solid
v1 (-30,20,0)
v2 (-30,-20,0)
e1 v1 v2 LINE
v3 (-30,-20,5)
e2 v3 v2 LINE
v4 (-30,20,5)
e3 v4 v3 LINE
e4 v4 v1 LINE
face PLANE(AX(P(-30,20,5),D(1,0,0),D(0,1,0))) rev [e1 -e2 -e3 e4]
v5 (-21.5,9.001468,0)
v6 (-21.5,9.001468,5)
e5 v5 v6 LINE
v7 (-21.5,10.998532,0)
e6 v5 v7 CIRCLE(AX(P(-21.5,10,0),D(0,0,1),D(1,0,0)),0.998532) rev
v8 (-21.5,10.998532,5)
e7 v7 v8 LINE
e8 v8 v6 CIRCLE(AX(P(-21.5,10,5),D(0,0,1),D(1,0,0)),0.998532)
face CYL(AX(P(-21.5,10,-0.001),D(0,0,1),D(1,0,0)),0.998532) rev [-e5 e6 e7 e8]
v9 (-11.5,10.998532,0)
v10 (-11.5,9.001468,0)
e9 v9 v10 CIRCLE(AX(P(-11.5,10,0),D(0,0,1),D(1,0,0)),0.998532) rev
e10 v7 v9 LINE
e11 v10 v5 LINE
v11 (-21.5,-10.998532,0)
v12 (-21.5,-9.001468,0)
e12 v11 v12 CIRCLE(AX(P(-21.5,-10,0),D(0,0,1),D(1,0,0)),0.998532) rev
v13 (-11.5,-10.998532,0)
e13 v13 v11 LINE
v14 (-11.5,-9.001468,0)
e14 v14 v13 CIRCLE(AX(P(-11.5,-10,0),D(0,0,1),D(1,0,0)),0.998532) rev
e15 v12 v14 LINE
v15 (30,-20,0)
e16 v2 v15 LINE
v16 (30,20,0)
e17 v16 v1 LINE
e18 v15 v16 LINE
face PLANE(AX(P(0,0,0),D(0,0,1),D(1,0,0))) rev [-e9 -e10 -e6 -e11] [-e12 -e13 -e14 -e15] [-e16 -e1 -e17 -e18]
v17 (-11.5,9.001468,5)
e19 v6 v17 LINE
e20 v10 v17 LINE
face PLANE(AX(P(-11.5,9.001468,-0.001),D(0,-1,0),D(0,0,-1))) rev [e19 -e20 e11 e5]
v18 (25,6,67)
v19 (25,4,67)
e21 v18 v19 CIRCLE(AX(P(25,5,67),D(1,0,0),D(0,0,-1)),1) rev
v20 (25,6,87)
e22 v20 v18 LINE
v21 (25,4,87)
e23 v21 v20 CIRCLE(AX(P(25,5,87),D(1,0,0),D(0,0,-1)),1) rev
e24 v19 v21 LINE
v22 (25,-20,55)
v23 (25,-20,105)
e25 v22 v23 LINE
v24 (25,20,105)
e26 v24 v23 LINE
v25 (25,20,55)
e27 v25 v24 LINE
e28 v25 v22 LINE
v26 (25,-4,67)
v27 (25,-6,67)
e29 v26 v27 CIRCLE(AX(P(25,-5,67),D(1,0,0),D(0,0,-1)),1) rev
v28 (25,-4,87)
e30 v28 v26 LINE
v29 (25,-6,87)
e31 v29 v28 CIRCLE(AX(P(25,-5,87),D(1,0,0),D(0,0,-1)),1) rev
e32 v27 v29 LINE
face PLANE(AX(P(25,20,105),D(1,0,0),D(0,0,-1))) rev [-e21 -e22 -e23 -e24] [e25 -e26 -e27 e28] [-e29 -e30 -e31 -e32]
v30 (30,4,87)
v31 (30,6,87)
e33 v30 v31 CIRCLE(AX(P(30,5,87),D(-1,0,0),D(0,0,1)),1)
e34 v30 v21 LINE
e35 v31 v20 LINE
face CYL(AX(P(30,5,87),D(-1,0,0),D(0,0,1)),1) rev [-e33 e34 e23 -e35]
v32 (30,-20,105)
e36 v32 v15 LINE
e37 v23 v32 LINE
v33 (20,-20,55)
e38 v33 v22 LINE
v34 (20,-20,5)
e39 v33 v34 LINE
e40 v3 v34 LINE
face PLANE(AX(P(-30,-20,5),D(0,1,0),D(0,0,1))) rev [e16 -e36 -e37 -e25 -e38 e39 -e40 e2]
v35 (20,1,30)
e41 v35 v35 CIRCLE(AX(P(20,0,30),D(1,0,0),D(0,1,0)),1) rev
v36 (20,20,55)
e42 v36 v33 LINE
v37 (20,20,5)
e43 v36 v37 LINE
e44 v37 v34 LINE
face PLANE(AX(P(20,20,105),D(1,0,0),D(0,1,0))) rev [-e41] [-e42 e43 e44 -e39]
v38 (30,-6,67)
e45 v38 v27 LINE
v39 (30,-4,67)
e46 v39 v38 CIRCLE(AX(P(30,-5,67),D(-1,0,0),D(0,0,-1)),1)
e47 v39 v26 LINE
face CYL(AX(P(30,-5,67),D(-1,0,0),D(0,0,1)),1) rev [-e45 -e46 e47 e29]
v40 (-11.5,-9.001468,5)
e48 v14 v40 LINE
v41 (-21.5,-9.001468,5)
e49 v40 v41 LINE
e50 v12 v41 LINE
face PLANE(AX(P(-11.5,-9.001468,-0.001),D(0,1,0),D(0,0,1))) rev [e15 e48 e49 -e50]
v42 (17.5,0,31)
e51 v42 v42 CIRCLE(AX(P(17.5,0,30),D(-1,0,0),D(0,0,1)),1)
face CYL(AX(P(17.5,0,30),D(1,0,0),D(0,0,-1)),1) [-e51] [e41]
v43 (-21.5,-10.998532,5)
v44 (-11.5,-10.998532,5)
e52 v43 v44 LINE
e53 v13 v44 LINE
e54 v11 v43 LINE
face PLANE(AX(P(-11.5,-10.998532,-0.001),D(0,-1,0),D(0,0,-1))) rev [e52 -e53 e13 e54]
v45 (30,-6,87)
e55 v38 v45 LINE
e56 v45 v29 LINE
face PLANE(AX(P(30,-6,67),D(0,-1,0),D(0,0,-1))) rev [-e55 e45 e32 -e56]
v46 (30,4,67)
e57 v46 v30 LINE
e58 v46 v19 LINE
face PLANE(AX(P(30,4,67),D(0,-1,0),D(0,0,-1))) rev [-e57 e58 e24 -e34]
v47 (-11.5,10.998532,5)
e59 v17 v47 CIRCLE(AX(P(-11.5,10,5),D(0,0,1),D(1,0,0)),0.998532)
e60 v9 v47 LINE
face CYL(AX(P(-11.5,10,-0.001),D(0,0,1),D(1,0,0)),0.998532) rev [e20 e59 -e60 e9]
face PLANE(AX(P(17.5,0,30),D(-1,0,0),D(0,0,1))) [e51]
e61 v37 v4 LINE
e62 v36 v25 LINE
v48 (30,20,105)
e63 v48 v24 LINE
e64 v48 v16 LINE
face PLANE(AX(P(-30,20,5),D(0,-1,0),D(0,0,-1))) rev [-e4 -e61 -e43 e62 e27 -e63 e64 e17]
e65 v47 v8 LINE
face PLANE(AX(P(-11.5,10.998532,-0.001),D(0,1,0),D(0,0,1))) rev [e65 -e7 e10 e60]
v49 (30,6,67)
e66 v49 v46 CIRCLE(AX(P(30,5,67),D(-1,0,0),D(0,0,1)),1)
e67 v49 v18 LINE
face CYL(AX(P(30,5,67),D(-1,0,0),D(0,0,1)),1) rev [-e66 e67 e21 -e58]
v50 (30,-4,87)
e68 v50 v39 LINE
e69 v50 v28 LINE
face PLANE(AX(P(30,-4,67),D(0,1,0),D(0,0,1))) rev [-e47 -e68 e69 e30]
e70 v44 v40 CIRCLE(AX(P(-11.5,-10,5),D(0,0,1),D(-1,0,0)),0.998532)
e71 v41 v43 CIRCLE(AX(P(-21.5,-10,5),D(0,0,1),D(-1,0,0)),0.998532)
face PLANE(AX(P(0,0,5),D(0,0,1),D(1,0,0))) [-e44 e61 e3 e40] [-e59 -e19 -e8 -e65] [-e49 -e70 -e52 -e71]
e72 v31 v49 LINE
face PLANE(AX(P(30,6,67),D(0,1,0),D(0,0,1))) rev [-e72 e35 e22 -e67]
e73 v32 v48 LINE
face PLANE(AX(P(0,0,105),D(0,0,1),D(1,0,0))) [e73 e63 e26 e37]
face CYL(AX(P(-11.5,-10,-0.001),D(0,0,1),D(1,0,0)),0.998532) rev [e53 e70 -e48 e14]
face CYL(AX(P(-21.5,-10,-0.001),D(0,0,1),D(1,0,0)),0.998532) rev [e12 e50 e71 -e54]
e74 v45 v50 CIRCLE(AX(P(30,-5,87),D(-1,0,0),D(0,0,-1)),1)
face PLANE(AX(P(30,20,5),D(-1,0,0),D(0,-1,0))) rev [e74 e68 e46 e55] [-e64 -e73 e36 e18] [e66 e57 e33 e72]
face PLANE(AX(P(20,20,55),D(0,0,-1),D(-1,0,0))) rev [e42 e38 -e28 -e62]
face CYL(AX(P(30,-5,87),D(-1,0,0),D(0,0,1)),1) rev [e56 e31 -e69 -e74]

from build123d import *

# Parameters (mm, degrees)
SKETCH_1_W          = 60
SKETCH_1_H          = 40
EXTRUDE_1_DEPTH     = 5
SKETCH_2_W          = 10
SKETCH_2_H          = 40
EXTRUDE_2_DEPTH     = 100
SKETCH_3_R          = 1
EXTRUDE_3_DEPTH     = 2.5
CUT_EXTRUDE_1_DEPTH = 11
SKETCH_5_W          = 5
SKETCH_5_H          = 50
CUT_EXTRUDE_2_DEPTH = 41
CUT_EXTRUDE_3_REACH = 7


with BuildPart() as part:
    # 草图1 → 凸台-拉伸1 (new body)
    with BuildSketch(Plane.XY):
        Rectangle(SKETCH_1_W, SKETCH_1_H)
    extrude(amount=EXTRUDE_1_DEPTH)

    # 草图2 → 凸台-拉伸2 (add)
    with BuildSketch(Plane.XY.offset(5)):
        with Locations((25, 0)):
            Rectangle(SKETCH_2_W, SKETCH_2_H)
    extrude(amount=EXTRUDE_2_DEPTH)

    # 草图3 → 凸台-拉伸3 (add)
    with BuildSketch(Plane.ZY.offset(-20)):
        with Locations((30, 0)):
            Circle(SKETCH_3_R)
    extrude(amount=EXTRUDE_3_DEPTH)

    # 草图4 → 切除-拉伸1 (cut, through all)
    with BuildSketch(Plane.ZY.offset(-20)):
        with BuildLine():
            Line((67, 6), (87, 6))
            ThreePointArc((87, 6), (88, 5), (87, 4))
            Line((87, 4), (67, 4))
            ThreePointArc((67, 4), (66, 5), (67, 6))
        make_face()
        with BuildLine():
            Line((67, -6), (87, -6))
            ThreePointArc((87, -6), (88, -5), (87, -4))
            Line((87, -4), (67, -4))
            ThreePointArc((67, -4), (66, -5), (67, -6))
        make_face()
    extrude(amount=-CUT_EXTRUDE_1_DEPTH, mode=Mode.SUBTRACT)

    # 草图5 → 切除-拉伸2 (cut, through all)
    with BuildSketch(Plane.XZ.offset(20)):
        with Locations((22.5, 80)):
            Rectangle(SKETCH_5_W, SKETCH_5_H)
    extrude(amount=-CUT_EXTRUDE_2_DEPTH, mode=Mode.SUBTRACT)

    # 草图6 → 切除-拉伸3 (cut, up to next)
    with BuildSketch(Plane.XY.offset(5), mode=Mode.PRIVATE) as cut_extrude_3_sk1:
        with BuildLine():
            Line((-11.5, 9.001468336), (-21.5, 9.001468336))
            ThreePointArc((-21.5, 9.001468336), (-22.498531664, 10), (-21.5, 10.998531664))
            Line((-21.5, 10.998531664), (-11.5, 10.998531664))
            ThreePointArc((-11.5, 10.998531664), (-10.501468336, 10), (-11.5, 9.001468336))
        make_face()
    cut_extrude_3_tool1 = extrude(cut_extrude_3_sk1.sketch, amount=-CUT_EXTRUDE_3_REACH, mode=Mode.PRIVATE) & part.part
    add(cut_extrude_3_tool1.solids().sort_by_distance((-16.5, 10, 5))[0], mode=Mode.SUBTRACT)
    # 草图6 → 切除-拉伸3 (cut, up to next)
    with BuildSketch(Plane.XY.offset(5), mode=Mode.PRIVATE) as cut_extrude_3_sk2:
        with BuildLine():
            Line((-11.5, -9.001468336), (-21.5, -9.001468336))
            ThreePointArc((-21.5, -9.001468336), (-22.498531664, -10), (-21.5, -10.998531664))
            Line((-21.5, -10.998531664), (-11.5, -10.998531664))
            ThreePointArc((-11.5, -10.998531664), (-10.501468336, -10), (-11.5, -9.001468336))
        make_face()
    cut_extrude_3_tool2 = extrude(cut_extrude_3_sk2.sketch, amount=-CUT_EXTRUDE_3_REACH, mode=Mode.PRIVATE) & part.part
    add(cut_extrude_3_tool2.solids().sort_by_distance((-16.5, -10, 5))[0], mode=Mode.SUBTRACT)


solid = part.part
